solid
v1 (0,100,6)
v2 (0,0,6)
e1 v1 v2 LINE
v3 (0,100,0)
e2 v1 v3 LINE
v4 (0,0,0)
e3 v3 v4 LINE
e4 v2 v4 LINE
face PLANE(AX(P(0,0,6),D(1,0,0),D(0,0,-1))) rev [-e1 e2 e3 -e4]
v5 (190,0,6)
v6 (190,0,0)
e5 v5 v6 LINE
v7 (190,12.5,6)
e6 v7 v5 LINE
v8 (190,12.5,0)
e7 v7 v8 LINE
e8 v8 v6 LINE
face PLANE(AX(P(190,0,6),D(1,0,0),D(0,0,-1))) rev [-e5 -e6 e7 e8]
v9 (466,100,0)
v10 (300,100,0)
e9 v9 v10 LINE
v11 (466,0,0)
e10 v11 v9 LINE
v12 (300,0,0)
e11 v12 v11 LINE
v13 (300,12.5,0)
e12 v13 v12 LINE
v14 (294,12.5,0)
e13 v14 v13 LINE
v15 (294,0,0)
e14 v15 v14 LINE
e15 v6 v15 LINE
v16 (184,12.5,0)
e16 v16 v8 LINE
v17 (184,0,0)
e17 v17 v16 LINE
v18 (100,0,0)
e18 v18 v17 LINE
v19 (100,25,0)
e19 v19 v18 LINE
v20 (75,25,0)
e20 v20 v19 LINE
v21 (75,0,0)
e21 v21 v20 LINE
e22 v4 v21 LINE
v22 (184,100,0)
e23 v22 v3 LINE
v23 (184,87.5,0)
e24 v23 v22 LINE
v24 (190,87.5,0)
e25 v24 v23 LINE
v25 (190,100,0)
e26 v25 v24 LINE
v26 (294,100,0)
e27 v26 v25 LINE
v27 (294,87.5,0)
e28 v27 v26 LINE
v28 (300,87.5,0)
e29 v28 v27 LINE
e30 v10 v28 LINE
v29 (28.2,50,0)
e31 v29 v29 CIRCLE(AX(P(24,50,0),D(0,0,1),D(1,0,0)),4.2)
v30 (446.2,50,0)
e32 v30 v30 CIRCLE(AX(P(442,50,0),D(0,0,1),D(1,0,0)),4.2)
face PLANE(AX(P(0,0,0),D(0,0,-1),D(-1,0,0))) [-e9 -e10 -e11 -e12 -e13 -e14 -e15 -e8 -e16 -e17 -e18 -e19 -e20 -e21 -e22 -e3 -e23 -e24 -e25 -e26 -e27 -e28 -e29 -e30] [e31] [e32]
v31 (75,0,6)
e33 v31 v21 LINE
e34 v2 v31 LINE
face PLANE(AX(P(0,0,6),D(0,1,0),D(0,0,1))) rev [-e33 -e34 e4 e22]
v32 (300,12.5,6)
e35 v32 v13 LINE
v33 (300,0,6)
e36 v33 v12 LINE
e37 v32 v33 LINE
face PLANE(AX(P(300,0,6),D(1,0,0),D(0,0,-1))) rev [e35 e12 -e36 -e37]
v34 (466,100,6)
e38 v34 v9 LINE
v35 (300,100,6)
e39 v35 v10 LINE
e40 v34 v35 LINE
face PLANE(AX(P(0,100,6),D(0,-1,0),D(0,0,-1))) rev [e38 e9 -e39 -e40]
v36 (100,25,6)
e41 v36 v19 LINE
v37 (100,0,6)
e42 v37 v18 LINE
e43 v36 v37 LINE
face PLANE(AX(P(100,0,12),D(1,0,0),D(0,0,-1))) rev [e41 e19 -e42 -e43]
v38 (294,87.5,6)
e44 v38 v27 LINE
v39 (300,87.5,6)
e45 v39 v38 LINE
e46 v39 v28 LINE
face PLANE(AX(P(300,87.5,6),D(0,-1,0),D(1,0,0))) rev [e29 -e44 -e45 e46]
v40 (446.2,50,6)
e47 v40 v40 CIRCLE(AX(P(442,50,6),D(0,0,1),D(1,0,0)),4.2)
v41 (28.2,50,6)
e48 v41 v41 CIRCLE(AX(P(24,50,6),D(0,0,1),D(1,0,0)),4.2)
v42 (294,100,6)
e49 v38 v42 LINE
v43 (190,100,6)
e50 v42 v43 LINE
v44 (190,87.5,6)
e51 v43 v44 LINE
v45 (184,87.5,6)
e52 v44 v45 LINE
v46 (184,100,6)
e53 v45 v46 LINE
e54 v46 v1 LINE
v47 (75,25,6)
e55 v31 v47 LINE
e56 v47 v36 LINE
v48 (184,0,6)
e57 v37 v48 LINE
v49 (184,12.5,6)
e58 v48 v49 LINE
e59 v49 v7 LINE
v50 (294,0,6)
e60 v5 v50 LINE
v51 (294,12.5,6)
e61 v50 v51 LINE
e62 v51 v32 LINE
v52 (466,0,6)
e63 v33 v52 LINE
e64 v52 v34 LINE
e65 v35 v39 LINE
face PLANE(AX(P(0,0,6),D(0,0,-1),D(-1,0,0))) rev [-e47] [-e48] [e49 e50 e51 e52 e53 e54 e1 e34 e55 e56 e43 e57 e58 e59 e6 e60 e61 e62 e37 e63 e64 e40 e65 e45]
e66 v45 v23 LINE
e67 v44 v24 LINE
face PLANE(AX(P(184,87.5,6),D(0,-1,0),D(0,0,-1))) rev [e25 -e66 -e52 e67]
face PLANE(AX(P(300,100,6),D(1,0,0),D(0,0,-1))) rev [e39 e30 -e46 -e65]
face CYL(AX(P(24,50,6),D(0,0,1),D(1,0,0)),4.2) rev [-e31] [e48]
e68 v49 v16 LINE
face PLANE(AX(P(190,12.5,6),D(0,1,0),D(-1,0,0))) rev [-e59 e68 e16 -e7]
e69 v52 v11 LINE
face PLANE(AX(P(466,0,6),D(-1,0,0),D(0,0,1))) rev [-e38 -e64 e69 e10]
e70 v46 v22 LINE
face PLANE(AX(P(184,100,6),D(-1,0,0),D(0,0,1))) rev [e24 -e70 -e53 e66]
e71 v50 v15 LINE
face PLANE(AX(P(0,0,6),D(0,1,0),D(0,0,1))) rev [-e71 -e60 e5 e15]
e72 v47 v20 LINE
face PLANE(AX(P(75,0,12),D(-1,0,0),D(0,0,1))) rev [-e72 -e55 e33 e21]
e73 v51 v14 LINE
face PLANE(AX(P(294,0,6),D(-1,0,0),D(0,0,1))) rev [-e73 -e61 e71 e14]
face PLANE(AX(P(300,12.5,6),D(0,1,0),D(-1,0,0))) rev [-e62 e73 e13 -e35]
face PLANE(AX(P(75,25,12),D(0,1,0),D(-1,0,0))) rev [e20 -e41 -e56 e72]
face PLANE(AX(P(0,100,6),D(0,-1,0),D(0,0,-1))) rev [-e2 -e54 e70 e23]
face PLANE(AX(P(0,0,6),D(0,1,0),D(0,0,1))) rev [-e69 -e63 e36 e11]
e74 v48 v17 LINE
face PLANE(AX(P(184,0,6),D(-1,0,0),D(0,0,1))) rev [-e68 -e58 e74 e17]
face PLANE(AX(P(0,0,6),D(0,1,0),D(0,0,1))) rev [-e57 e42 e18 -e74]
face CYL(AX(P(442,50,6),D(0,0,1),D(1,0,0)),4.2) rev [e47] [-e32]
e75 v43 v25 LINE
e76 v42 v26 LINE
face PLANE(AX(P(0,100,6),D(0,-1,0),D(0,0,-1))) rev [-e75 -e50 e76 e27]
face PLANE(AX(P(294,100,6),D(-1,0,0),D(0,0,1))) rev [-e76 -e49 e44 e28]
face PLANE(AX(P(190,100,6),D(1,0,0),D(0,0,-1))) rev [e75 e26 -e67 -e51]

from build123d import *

# Parameters (mm, degrees)
SKETCH1_W            = 466
SKETCH1_H            = 100
BOSS_EXTRUDE1_DEPTH  = 6
M8_CLEARANCE_SLOT1_D = 8.4
SKETCH4_W            = 25
SKETCH4_H            = 25
CUT_EXTRUDE1_DEPTH   = 12
SKETCH5_W            = 6
SKETCH5_H            = 12.5
CUT_EXTRUDE2_DEPTH   = 477.646619625


with BuildPart() as part:
    # Sketch1 → Boss-Extrude1 (new body)
    with BuildSketch(Plane.XY):
        with Locations((233, 50)):
            Rectangle(SKETCH1_W, SKETCH1_H)
    extrude(amount=BOSS_EXTRUDE1_DEPTH)

    # M8 Clearance Slot1 (through all)
    with Locations(Plane.XY.offset(6)):
        with Locations((24, 50), (442, 50)):
            Hole(M8_CLEARANCE_SLOT1_D / 2)

    # Sketch4 → Cut-Extrude1 (cut)
    with BuildSketch(Plane(origin=(0, 0, 0), x_dir=(-1, 0, 0), z_dir=(0, 0, -1))):
        with Locations((-87.5, 12.5)):
            Rectangle(SKETCH4_W, SKETCH4_H)
    extrude(amount=-CUT_EXTRUDE1_DEPTH, mode=Mode.SUBTRACT)

    # Sketch5 → Cut-Extrude2 (cut, through all)
    with BuildSketch(Plane(origin=(0, 0, 0), x_dir=(-1, 0, 0), z_dir=(0, 0, -1))):
        with Locations((-297, 93.75)):
            Rectangle(SKETCH5_W, SKETCH5_H)
        with Locations((-187, 93.75)):
            Rectangle(SKETCH5_W, SKETCH5_H)
        with Locations((-297, 6.25)):
            Rectangle(SKETCH5_W, SKETCH5_H)
        with Locations((-187, 6.25)):
            Rectangle(SKETCH5_W, SKETCH5_H)
    extrude(amount=-CUT_EXTRUDE2_DEPTH, mode=Mode.SUBTRACT)


solid = part.part
